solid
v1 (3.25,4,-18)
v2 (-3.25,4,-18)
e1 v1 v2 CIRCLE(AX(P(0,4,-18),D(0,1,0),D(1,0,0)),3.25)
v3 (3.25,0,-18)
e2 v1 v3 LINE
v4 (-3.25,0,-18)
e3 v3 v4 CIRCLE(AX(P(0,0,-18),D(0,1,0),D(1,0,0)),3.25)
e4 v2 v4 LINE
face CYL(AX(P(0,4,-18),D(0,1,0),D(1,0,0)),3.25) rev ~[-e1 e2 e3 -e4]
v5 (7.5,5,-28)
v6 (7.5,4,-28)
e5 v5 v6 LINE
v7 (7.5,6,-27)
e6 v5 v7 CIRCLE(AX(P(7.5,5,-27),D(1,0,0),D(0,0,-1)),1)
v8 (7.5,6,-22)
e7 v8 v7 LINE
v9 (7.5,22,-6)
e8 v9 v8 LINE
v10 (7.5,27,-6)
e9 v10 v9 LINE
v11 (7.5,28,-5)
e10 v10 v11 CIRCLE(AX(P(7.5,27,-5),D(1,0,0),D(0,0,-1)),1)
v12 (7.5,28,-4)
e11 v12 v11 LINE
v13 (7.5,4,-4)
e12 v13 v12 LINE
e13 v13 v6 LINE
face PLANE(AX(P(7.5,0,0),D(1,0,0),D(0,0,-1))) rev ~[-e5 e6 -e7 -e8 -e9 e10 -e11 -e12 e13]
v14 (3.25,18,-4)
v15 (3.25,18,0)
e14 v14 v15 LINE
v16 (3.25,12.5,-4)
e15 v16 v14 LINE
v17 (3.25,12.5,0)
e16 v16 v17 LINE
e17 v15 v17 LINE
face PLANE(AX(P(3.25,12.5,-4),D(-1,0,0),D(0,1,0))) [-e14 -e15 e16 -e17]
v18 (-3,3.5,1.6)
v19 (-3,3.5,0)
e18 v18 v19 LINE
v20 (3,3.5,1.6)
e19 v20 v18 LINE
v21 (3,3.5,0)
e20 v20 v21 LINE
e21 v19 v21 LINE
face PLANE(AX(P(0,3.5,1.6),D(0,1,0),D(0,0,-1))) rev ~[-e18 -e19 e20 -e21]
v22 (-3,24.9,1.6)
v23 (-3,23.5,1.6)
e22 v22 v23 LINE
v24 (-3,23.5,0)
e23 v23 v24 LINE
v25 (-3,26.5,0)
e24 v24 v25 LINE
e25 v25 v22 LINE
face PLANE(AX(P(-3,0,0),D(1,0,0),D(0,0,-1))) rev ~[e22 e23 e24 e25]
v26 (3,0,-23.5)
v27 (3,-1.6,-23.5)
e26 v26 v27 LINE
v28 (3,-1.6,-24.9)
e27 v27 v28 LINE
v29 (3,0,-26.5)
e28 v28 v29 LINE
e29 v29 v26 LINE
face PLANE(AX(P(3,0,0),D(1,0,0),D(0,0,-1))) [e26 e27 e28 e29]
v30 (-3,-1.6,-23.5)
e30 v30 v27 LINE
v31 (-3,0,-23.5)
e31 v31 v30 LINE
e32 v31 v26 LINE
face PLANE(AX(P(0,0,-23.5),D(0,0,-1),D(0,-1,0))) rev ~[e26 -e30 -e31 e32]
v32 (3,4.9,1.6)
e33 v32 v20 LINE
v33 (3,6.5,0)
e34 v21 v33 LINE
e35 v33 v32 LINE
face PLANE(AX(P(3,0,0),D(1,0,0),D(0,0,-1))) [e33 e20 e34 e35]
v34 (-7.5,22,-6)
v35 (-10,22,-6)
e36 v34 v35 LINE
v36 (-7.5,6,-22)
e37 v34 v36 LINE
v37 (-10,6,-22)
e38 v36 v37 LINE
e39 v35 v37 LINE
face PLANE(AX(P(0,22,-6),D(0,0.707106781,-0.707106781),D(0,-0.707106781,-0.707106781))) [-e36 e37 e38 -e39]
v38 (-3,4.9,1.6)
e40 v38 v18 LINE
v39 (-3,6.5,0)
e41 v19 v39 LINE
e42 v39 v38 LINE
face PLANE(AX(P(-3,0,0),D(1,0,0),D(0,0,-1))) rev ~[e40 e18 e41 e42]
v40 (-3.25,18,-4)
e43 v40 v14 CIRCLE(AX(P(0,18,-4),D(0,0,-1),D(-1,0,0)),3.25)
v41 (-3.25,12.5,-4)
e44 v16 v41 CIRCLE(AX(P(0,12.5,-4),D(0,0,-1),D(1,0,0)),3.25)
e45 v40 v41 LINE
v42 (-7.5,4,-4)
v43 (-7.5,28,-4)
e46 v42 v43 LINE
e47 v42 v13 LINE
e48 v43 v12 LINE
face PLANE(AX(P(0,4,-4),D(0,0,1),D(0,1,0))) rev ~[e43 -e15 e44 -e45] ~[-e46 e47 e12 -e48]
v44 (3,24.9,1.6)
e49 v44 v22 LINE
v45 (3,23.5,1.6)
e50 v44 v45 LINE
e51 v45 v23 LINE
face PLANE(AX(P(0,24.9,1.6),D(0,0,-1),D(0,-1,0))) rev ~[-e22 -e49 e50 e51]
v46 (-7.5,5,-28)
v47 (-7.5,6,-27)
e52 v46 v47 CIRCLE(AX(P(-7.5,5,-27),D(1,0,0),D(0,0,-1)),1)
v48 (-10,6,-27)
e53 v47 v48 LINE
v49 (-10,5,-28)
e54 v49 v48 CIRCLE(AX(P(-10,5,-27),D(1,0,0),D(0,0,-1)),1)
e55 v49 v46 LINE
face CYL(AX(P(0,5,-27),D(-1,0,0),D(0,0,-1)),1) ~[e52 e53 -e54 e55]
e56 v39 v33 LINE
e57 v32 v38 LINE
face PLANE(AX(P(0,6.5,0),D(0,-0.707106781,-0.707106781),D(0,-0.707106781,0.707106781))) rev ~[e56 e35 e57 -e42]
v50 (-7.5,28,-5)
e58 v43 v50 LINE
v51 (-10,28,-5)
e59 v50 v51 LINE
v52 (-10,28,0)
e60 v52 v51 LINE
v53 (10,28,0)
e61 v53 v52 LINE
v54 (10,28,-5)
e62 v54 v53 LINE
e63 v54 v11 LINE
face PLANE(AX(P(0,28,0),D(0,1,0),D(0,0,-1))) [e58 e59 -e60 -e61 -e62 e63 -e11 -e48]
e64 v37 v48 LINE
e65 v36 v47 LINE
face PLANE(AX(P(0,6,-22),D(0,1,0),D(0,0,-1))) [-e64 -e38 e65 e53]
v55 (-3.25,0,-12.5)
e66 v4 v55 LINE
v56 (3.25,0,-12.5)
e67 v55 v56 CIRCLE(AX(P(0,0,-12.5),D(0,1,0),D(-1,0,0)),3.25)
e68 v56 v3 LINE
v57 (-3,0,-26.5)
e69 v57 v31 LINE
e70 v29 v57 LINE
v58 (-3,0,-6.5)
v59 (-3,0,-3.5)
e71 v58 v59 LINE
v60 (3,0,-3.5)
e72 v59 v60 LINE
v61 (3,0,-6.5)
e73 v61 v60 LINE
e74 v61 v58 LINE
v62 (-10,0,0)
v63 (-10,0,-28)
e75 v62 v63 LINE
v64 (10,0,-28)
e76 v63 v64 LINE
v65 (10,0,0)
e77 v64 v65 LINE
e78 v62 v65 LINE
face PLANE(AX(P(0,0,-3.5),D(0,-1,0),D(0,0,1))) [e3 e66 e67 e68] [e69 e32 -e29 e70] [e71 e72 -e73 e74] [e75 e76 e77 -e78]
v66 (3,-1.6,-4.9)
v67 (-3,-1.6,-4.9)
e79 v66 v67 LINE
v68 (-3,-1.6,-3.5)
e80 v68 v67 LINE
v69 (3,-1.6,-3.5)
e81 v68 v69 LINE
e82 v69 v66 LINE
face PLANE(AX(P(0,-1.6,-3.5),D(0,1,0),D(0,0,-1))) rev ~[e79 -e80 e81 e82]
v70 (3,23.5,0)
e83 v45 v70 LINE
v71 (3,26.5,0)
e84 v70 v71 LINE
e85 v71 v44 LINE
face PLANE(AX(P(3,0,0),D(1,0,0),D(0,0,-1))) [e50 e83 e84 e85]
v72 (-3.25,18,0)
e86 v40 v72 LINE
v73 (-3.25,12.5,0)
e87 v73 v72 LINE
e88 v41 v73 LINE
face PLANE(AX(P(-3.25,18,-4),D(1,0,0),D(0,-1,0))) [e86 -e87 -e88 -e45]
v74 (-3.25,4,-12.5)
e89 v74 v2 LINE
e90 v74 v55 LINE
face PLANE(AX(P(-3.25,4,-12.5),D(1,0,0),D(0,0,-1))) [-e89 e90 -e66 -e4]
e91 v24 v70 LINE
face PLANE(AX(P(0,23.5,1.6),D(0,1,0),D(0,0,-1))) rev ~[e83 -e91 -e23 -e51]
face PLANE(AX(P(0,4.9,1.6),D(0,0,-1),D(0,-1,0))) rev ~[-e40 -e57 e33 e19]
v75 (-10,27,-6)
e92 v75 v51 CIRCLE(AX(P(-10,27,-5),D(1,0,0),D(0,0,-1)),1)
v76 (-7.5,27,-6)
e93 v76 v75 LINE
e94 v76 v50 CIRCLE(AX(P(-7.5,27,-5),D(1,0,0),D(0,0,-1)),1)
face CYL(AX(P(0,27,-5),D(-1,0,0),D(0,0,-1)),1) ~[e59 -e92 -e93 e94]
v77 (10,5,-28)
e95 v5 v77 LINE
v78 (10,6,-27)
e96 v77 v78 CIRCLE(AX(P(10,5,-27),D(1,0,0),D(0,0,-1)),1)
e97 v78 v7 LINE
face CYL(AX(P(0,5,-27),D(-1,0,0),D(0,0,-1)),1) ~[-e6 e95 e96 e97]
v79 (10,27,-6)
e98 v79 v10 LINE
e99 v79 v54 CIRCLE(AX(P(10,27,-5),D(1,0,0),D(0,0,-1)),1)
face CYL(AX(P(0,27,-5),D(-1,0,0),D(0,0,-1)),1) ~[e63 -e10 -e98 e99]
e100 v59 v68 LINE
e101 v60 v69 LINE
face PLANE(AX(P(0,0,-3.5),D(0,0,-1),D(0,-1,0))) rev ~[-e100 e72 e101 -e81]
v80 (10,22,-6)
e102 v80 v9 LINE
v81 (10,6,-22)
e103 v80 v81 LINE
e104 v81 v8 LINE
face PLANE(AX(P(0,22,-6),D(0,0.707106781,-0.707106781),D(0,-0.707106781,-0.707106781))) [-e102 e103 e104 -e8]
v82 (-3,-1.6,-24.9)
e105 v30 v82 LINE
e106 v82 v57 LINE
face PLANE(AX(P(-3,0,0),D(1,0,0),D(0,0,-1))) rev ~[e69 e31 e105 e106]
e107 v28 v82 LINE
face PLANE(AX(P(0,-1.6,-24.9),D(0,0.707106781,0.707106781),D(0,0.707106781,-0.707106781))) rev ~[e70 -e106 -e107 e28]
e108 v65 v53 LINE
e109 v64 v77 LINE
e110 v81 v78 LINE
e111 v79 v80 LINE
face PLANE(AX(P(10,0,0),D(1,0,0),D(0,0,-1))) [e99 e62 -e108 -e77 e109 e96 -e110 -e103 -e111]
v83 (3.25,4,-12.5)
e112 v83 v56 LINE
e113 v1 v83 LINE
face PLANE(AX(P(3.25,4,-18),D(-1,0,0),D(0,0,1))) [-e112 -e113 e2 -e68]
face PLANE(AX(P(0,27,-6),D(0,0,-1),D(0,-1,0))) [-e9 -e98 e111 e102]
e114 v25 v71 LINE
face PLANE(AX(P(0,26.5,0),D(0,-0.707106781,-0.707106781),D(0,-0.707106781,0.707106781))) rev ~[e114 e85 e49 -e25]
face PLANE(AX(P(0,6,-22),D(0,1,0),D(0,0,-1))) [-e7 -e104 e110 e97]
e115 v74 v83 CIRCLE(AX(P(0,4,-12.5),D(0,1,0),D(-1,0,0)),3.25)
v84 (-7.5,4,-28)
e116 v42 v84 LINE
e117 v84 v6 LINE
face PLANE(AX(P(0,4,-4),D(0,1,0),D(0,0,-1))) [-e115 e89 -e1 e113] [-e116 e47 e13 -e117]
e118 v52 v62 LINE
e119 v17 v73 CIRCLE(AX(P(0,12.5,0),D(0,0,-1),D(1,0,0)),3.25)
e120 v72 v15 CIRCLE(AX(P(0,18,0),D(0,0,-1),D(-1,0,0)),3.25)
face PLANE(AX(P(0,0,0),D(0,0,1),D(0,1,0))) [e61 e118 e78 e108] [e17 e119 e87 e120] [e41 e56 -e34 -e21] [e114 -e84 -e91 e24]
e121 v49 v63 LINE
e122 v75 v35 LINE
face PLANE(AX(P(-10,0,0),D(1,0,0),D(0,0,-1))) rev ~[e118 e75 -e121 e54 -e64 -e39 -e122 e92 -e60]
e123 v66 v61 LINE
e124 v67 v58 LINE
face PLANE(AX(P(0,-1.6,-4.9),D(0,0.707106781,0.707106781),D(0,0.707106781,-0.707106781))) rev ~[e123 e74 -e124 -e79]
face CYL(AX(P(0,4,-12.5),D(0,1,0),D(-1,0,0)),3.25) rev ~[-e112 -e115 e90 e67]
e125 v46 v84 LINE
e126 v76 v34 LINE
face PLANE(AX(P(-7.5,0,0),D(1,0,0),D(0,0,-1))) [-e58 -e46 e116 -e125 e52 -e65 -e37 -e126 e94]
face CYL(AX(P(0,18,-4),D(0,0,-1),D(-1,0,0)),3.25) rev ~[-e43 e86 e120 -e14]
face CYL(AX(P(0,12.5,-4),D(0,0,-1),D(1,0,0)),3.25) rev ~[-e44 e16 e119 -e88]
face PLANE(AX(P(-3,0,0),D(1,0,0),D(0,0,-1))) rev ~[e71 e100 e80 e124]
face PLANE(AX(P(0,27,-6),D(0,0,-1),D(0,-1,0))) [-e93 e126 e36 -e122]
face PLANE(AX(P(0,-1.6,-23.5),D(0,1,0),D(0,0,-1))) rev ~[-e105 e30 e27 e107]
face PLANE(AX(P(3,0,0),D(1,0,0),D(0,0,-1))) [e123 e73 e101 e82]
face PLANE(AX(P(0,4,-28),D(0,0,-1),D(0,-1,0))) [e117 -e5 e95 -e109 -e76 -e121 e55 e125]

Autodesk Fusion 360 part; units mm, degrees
sketch "Sketch1" plane through (0, 0, 0) normal (1, 0, 0) x (0, 0, -1)
  line L0 (0, 0) -> (0, 28)
  line L1 (0, 28) -> (5, 28)
  line L2 (6, 27) -> (6, 22)
  line L3 (6, 22) -> (22, 6)
  line L4 (22, 6) -> (27, 6)
  line L5 (28, 5) -> (28, 0)
  line L6 (28, 0) -> (0, 0)
  line L7 (4, 4) -> (28, 4)
  line L8 (4, 4) -> (4, 28)
  arc A0 (6, 27) -> (5, 28) centre (5, 27) ccw
  arc A1 (28, 5) -> (27, 6) centre (27, 5) ccw
  line L9 (0, 26.5) -> (-1.6, 24.9)
  line L10 (-1.6, 24.9) -> (-1.6, 23.5)
  line L11 (-1.6, 23.5) -> (0, 23.5)
  line L12 (0, 6.5) -> (-1.6, 4.9)
  line L13 (-1.6, 4.9) -> (-1.6, 3.5)
  line L14 (-1.6, 3.5) -> (0, 3.5)
  line L15 (3.5, 0) -> (3.5, -1.6)
  line L16 (3.5, -1.6) -> (4.9, -1.6)
  line L17 (4.9, -1.6) -> (6.5, 0)
  line L18 (23.5, 0) -> (23.5, -1.6)
  line L19 (23.5, -1.6) -> (24.9, -1.6)
  line L20 (24.9, -1.6) -> (26.5, 0)
  line L21 (-56.6063, 27.9695) -> (-36.6063, 27.9695)
  line L22 (-36.6063, 27.9695) -> (-36.6063, -0.0305)
  line L23 (-36.6063, -0.0305) -> (-56.6063, -0.0305)
  line L24 (-56.6063, -0.0305) -> (-56.6063, 27.9695)
  line L25 (-54.1063, 3.9695) -> (-39.1063, 3.9695)
  line L26 (-39.1063, 3.9695) -> (-39.1063, 27.9695)
  line L27 (-39.1063, 27.9695) -> (-54.1063, 27.9695)
  line L28 (-54.1063, 27.9695) -> (-54.1063, 3.9695)
  line L29 (-49.7743, 13.4695) -> (-49.7743, 16.9695)
  arc A2 (-43.2743, 16.9695) -> (-49.7743, 16.9695) centre (-46.5243, 16.9695) ccw
  line L30 (-43.2743, 16.9695) -> (-43.2743, 13.4695)
  arc A3 (-49.7743, 13.4695) -> (-43.2743, 13.4695) centre (-46.5243, 13.4695) ccw
  line L31 (-49.5243, -1.6305) -> (-43.5243, -1.6305)
  line L32 (-43.5243, -1.6305) -> (-43.5243, -0.0305)
  line L33 (-43.5243, -0.0305) -> (-49.5243, -0.0305)
  line L34 (-49.5243, -0.0305) -> (-49.5243, -1.6305)
  point P0 (6, 28)
  point P1 (28, 6)
  dimension "d1" = 28
  dimension "d2" = 28
  dimension "d3" = 6
  dimension "d4" = 6
  dimension "d5" = 45
  dimension "d6" = 22
  dimension "d7" = 4
  dimension "d8" = 4
  dimension "d9" = 1
  dimension "d11" = 45
  dimension "d12" = 1.6
  dimension "d14" = 3
  dimension "d16" = 3
  dimension "d17" = 20
  dimension "d18" = 20
  dimension "d19" = 3
  dimension "d20" = 3
  dimension "d21" = 45
  dimension "d22" = 3.5
  dimension "d23" = 1.6
  dimension "d26" = 20
  dimension "d27" = 2.5
  dimension "d28" = 15
  dimension "d29" = 6.5
  dimension "d30" = 3.5
  dimension "d31" = 13.5
  dimension "d32" = 4
  dimension "d33" = 28
  dimension "d34" = 6
  dimension "d35" = 0.25
  dimension "d36" = 1.6
  dimension "d41" = 3.5
extrude "Extrude1" add sketch "Sketch1" along normal mid plane 20 contours L0 L1 L5 L6 L7 L8 | L1 L2 L3 L4 L5 L7 L8 A0 A1
extrude "Extrude2" cut sketch "Sketch1" along normal mid plane 15 contours L1 L2 L3 L4 L5 L7 L8 A0 A1
extrude "Extrude3" add sketch "Sketch1" along normal mid plane 6 contours L0 L12 L13 L14 | L6 L15 L16 L17 | L0 L9 L10 L11 | L6 L18 L19 L20
sketch "Sketch2" plane through (0, 0, -4) normal (0, 0, -1) x (-1, 0, 0)
  line L0 (-7.5, 4) -> (7.5, 4)
  line L1 (7.5, 4) -> (7.5, 28)
  line L2 (7.5, 28) -> (-7.5, 28)
  line L3 (-7.5, 28) -> (-7.5, 4)
  line L4 (-3.25, 12.5) -> (-3.25, 18)
  arc A0 (3.25, 18) -> (-3.25, 18) centre (0, 18) ccw
  line L5 (3.25, 18) -> (3.25, 12.5)
  arc A1 (-3.25, 12.5) -> (3.25, 12.5) centre (0, 12.5) ccw
  line L6 (-10, 0) -> (10, 0)
  point P0 (0, 28)
  dimension "d42" = 6.5
  dimension "d43" = 5.5
  dimension "d44" = 12.5
extrude "Extrude4" cut sketch "Sketch2" against normal through all contours L4 A0 L5 A1
sketch "Sketch3" plane through (0, 4, 0) normal (0, 1, 0) x (-1, 0, 0)
  line L0 (-7.5, -28) -> (7.5, -28)
  line L1 (7.5, -28) -> (7.5, -4)
  line L2 (7.5, -4) -> (-7.5, -4)
  line L3 (-7.5, -4) -> (-7.5, -28)
  line L4 (3.25, -12.5) -> (3.25, -18)
  arc A0 (-3.25, -18) -> (3.25, -18) centre (0, -18) ccw
  line L5 (-3.25, -18) -> (-3.25, -12.5)
  arc A1 (3.25, -12.5) -> (-3.25, -12.5) centre (0, -12.5) ccw
  line L6 (10, 0) -> (-10, 0)
  point P0 (0, -28)
  dimension "d46" = 6.5
  dimension "d47" = 12.5
  dimension "d48" = 5.5
extrude "Extrude5" cut sketch "Sketch3" against normal through all contours L4 A0 L5 A1
equation "d16 = d14"
equation "d18 = d17"
equation "d19 = d14"
equation "d20 = d14"
equation "d21 = d11"
equation "d22 = d41"
equation "d23 = d12"
